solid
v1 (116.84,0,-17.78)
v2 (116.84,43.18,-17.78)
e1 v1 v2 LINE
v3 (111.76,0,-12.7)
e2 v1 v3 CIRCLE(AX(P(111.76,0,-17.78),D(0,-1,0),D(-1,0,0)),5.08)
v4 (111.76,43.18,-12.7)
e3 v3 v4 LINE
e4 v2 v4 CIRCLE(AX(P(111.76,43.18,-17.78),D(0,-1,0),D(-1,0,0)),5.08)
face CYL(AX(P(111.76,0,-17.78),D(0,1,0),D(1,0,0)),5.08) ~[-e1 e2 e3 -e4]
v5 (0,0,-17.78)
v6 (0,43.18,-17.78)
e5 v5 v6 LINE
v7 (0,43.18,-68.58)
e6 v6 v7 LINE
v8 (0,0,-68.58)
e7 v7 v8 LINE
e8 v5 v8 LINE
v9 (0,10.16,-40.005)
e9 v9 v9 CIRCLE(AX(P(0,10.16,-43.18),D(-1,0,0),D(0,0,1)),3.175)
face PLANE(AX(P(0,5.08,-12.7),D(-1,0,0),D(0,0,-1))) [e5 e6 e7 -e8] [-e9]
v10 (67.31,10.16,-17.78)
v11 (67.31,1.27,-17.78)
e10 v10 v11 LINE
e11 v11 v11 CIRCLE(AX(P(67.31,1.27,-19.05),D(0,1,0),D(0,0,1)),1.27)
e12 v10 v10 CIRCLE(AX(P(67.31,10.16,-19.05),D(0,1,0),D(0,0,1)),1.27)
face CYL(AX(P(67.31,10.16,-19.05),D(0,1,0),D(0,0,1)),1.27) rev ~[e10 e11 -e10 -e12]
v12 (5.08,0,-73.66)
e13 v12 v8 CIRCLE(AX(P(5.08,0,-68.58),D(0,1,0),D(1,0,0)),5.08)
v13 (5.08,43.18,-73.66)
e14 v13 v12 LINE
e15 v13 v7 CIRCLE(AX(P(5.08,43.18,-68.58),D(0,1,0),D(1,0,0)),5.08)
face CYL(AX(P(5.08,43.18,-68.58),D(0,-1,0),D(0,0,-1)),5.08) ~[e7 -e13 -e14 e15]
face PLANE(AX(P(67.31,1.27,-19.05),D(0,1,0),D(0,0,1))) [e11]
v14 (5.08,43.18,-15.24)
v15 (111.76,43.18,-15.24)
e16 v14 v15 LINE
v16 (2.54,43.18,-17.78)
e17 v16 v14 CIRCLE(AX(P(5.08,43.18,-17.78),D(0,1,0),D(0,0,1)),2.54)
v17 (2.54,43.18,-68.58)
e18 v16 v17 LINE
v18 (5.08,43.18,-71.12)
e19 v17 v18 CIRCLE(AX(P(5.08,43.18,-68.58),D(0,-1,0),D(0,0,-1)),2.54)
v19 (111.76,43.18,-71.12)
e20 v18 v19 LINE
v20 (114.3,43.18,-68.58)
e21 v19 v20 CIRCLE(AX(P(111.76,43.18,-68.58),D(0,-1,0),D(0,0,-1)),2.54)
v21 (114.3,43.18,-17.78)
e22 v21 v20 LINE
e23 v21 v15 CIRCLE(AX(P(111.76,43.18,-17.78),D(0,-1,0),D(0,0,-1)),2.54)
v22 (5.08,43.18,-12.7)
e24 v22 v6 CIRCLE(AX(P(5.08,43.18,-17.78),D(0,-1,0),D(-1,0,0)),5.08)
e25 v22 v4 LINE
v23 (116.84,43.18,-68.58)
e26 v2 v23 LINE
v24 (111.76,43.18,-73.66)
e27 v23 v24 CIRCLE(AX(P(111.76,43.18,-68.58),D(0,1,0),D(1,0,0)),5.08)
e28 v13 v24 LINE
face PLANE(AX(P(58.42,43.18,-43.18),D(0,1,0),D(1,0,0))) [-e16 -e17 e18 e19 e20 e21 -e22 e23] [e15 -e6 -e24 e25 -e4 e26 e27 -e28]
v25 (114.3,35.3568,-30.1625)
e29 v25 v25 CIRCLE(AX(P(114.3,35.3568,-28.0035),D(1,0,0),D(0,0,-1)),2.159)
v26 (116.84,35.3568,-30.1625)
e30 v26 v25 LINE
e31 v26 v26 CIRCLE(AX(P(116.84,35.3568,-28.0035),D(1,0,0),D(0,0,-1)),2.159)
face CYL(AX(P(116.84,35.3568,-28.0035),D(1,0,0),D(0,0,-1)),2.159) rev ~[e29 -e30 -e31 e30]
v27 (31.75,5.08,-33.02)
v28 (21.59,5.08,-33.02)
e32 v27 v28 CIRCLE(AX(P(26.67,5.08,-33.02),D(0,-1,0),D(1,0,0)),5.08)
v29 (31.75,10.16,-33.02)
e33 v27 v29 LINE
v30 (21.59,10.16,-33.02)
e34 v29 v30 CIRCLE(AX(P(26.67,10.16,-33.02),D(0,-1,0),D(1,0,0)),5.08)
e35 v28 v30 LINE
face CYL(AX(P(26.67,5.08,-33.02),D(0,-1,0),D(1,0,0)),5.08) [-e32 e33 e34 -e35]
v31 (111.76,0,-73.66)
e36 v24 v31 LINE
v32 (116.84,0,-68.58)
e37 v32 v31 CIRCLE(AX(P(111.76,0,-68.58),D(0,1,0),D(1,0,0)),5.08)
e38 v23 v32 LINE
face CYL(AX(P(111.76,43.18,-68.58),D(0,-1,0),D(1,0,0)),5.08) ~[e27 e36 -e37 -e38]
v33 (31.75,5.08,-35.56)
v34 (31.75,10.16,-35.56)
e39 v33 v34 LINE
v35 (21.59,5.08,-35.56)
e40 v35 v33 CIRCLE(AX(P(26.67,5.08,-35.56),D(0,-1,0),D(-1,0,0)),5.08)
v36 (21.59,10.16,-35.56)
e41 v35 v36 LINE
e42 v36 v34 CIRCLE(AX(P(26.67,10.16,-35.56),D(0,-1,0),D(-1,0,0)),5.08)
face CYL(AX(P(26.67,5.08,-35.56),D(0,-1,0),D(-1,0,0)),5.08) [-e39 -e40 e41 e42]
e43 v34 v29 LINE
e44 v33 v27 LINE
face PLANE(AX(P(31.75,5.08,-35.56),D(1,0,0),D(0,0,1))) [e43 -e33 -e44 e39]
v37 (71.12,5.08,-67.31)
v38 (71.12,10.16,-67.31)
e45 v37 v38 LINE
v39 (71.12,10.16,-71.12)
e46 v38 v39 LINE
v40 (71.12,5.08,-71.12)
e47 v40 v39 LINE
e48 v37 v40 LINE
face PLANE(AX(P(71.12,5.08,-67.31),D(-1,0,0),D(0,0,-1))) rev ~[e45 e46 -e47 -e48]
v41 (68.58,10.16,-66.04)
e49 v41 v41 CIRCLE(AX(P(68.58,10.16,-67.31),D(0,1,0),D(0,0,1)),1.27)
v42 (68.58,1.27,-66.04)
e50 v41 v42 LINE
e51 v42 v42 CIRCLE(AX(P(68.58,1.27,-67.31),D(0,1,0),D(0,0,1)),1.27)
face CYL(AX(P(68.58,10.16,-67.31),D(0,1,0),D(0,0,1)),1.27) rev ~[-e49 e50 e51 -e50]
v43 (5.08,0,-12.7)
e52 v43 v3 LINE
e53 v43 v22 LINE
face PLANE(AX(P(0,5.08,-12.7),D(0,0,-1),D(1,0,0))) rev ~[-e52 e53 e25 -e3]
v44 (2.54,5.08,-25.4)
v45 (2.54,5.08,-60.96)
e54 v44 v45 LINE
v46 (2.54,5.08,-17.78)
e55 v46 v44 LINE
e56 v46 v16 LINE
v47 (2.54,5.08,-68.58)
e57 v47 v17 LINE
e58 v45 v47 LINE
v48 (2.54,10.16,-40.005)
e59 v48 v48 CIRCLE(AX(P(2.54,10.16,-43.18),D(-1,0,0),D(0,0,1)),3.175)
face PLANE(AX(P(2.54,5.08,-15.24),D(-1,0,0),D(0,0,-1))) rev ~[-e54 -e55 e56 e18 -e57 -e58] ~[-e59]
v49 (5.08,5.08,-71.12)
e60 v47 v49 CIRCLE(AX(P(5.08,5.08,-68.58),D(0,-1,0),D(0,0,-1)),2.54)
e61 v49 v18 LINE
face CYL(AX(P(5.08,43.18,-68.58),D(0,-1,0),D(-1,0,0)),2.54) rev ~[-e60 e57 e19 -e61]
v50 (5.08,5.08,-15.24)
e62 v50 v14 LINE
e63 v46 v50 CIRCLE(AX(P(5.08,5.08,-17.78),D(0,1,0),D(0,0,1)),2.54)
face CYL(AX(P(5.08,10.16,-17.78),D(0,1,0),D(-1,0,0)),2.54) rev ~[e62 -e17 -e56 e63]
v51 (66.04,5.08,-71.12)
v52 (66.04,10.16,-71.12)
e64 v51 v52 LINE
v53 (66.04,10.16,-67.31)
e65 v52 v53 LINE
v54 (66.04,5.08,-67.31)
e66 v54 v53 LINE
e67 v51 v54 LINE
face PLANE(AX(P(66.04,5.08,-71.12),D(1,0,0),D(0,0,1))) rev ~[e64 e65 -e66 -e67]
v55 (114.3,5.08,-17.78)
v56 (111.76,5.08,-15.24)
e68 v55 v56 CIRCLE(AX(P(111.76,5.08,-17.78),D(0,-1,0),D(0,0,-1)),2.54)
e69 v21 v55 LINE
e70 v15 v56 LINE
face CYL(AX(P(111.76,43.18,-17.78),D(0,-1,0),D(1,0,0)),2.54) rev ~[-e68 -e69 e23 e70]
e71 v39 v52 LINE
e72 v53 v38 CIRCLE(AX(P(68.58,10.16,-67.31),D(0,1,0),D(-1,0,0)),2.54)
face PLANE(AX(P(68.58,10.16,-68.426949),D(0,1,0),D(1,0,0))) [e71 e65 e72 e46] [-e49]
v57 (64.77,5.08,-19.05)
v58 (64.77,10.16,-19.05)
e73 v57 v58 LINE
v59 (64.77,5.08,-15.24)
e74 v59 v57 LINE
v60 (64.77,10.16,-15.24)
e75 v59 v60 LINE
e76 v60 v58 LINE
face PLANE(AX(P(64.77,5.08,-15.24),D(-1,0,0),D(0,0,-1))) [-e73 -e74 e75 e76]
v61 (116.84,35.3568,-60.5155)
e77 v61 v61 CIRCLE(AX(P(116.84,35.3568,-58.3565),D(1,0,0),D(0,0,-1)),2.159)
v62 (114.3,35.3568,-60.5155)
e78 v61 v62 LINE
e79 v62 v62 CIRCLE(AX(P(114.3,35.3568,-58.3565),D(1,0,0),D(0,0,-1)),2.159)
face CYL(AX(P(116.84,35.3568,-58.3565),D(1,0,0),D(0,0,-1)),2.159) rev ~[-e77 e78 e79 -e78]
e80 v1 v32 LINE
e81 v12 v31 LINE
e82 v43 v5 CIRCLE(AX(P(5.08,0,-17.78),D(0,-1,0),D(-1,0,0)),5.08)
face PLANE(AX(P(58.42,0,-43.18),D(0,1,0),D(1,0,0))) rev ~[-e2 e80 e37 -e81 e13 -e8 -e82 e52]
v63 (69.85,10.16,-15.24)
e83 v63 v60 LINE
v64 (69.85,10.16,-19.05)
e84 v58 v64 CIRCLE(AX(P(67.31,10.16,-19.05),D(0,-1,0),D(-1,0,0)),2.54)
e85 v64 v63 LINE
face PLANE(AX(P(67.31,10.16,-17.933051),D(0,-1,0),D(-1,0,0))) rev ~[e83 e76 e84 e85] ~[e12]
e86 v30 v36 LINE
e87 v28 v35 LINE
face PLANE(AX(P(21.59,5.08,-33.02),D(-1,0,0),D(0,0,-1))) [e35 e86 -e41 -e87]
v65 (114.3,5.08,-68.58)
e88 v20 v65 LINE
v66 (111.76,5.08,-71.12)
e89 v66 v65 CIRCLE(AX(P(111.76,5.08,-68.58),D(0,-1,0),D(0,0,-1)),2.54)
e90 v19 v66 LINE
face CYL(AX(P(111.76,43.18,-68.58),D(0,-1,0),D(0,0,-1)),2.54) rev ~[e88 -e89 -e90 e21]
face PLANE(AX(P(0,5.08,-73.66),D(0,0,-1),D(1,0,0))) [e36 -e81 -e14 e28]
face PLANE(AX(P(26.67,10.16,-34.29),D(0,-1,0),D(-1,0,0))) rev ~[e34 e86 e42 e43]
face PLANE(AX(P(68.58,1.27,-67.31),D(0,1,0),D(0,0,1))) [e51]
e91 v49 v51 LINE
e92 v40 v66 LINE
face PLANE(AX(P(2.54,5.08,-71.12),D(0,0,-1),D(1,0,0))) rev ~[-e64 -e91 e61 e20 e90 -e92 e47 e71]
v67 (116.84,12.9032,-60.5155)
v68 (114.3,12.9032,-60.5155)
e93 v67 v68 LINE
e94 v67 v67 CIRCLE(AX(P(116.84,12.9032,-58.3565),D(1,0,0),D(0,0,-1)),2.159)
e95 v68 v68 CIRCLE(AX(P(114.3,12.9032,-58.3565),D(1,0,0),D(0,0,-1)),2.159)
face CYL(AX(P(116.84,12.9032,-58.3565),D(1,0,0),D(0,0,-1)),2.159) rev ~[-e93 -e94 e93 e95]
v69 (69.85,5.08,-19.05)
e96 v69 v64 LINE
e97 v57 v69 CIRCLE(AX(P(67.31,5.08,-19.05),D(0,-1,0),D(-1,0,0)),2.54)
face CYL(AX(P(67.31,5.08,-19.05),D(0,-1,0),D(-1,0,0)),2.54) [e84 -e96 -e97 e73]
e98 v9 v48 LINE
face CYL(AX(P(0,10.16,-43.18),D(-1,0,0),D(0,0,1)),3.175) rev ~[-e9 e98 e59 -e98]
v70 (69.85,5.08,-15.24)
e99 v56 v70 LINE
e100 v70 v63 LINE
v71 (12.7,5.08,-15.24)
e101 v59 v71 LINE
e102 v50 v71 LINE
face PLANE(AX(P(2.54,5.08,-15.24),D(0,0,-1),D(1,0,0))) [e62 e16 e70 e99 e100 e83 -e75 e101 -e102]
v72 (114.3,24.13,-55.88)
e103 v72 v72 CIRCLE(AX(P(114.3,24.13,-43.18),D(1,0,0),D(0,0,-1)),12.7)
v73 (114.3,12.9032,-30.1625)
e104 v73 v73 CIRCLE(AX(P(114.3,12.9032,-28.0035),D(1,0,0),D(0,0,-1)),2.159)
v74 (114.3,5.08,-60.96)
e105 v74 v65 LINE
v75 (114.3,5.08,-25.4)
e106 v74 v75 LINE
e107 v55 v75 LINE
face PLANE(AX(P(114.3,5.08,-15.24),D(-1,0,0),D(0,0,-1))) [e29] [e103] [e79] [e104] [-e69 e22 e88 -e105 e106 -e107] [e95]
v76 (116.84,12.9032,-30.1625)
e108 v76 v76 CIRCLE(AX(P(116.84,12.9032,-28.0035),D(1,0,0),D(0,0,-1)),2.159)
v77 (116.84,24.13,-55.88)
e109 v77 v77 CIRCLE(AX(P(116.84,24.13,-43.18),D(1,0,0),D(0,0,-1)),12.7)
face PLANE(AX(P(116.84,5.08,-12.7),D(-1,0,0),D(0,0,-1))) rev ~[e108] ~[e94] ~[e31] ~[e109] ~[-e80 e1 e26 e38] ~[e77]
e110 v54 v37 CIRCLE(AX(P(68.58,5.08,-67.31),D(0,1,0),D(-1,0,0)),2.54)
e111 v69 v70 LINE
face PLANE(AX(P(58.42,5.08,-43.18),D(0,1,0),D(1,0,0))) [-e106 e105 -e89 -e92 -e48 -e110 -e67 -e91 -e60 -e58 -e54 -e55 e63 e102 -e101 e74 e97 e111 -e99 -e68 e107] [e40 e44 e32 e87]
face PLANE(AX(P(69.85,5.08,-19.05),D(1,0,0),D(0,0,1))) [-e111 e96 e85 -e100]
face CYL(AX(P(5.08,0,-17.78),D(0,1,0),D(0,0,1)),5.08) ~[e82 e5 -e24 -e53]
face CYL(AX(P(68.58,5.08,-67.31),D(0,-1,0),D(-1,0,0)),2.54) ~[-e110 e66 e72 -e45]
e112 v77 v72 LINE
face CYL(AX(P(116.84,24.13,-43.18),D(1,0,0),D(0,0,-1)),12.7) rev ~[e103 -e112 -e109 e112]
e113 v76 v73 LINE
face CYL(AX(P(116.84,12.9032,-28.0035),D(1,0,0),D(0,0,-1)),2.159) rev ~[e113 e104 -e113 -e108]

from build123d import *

# Parameters (mm, degrees)
SKETCH1_W            = 116.84
SKETCH1_H            = 86.36
BOSS_EXTRUDE2_DEPTH  = 5.08
FILLET1_R            = 12.7
SKETCH3_W            = 116.84
SKETCH3_H            = 60.96
SKETCH3_W_2          = 111.76
SKETCH3_H_2          = 55.88
BOSS_EXTRUDE3_DEPTH  = 38.1
SKETCH4_W            = 10.16
SKETCH4_H            = 10.16
BOSS_EXTRUDE5_DEPTH  = 34.29
FILLET3_R            = 5.08
SKETCH5_R            = 1.27
CUT_EXTRUDE1_DEPTH   = 34.29
CUT_EXTRUDE2_START   = -5.08
SKETCH6_W            = 198.457473549
SKETCH6_H            = 149.814535244
SKETCH6_W_2          = 116.84
SKETCH6_H_2          = 60.96
CUT_EXTRUDE2_DEPTH   = 5.08
FILLET6_R            = 5.08
CUT_EXTRUDE3_REACH   = 146.713
SKETCH7_R            = 12.7
SKETCH7_R_2          = 2.159
CUT_EXTRUDE4_REACH   = 146.713
SKETCH8_R            = 3.175
BOSS_EXTRUDE9_DEPTH  = 5.08
SKETCH14_R           = 1.27
CUT_EXTRUDE6_DEPTH   = 8.89
SKETCH21_W           = 111.76
SKETCH21_H           = 55.88
CUT_EXTRUDE7_DEPTH   = 29.21
SKETCH22_W           = 20.924478465
SKETCH22_H           = 12.476012494
SKETCH22_W_2         = 15.618152649
SKETCH22_H_2         = 14.190033702
SKETCH22_W_3         = 16.110334819
SKETCH22_H_3         = 13.876033943
SKETCH22_W_4         = 12.045494613
CUT_EXTRUDE8_DEPTH   = 5.08
FILLET7_R            = 2.54
BOSS_EXTRUDE10_DEPTH = 5.08


with BuildPart() as part:
    # Sketch1 → Boss-Extrude2 (new body)
    with BuildSketch(Plane(origin=(0, 0, 0), x_dir=(1, 0, 0), z_dir=(0, 1, 0))):
        with Locations((58.42, 43.18)):
            Rectangle(SKETCH1_W, SKETCH1_H)
    extrude(amount=BOSS_EXTRUDE2_DEPTH)

    # Fillet1
    fillet1_edges = [part.edges().sort_by_distance(p)[0] for p in [
        (0, 2.54, -86.36),
        (116.84, 2.54, -86.36),
        (116.84, 2.54, 0),
        (0, 2.54, 0),
    ]]
    fillet(fillet1_edges, radius=FILLET1_R)

    # Sketch3 → Boss-Extrude3 (add)
    with BuildSketch(Plane(origin=(0, 5.08, 0), x_dir=(1, 0, 0), z_dir=(0, 1, 0))):
        with Locations((58.42, 43.18)):
            Rectangle(SKETCH3_W, SKETCH3_H)
        with Locations((58.42, 43.18)):
            Rectangle(SKETCH3_W_2, SKETCH3_H_2, mode=Mode.SUBTRACT)
    extrude(amount=BOSS_EXTRUDE3_DEPTH)

    # Sketch4 → Boss-Extrude5 (add)
    with BuildSketch(Plane(origin=(0, 5.08, 0), x_dir=(1, 0, 0), z_dir=(0, 1, 0))):
        with Locations((7.62, 66.04)):
            Rectangle(SKETCH4_W, SKETCH4_H)
        with Locations((109.22, 66.04)):
            Rectangle(SKETCH4_W, SKETCH4_H)
        with Locations((109.22, 20.32)):
            Rectangle(SKETCH4_W, SKETCH4_H)
        with Locations((7.62, 20.32)):
            Rectangle(SKETCH4_W, SKETCH4_H)
    extrude(amount=BOSS_EXTRUDE5_DEPTH)

    # Fillet3
    fillet3_edges = [part.edges().sort_by_distance(p)[0] for p in [
        (12.7, 22.225, -25.4),
        (12.7, 22.225, -60.96),
        (104.14, 22.225, -60.96),
        (104.14, 22.225, -25.4),
    ]]
    fillet(fillet3_edges, radius=FILLET3_R)

    # Sketch5 → Cut-Extrude1 (cut)
    with BuildSketch(Plane(origin=(0, 39.37, 0), x_dir=(1, 0, 0), z_dir=(0, 1, 0))):
        with Locations(Location((7.62, 66.04, 0), (0, 0, 270))):
            Circle(SKETCH5_R)
        with Locations(Location((109.22, 66.04, 0), (0, 0, 270))):
            Circle(SKETCH5_R)
        with Locations(Location((109.22, 20.32, 0), (0, 0, 270))):
            Circle(SKETCH5_R)
        with Locations(Location((7.62, 20.32, 0), (0, 0, 270))):
            Circle(SKETCH5_R)
    extrude(amount=-CUT_EXTRUDE1_DEPTH, mode=Mode.SUBTRACT)

    # Sketch6 → Cut-Extrude2 (cut)
    with BuildSketch(Plane(origin=(0, 5.08, 0), x_dir=(1, 0, 0), z_dir=(0, 1, 0)).offset(CUT_EXTRUDE2_START)):
        with Locations((67.603582621, 44.619641428)):
            Rectangle(SKETCH6_W, SKETCH6_H)
        with Locations((58.42, 43.18)):
            Rectangle(SKETCH6_W_2, SKETCH6_H_2, mode=Mode.SUBTRACT)
    extrude(amount=CUT_EXTRUDE2_DEPTH, mode=Mode.SUBTRACT)

    # Fillet6
    fillet6_edges = [part.edges().sort_by_distance(p)[0] for p in [
        (0, 21.59, -12.7),
        (0, 21.59, -73.66),
        (116.84, 21.59, -12.7),
        (116.84, 21.59, -73.66),
    ]]
    fillet(fillet6_edges, radius=FILLET6_R)

    # Sketch7 → Cut-Extrude3 (cut, up to next)
    with BuildSketch(Plane(origin=(116.84, 0, 0), x_dir=(0, 0, -1), z_dir=(1, 0, 0)), mode=Mode.PRIVATE) as cut_extrude3_sk1:
        with Locations((43.18, 24.13)):
            Circle(SKETCH7_R)
    cut_extrude3_tool1 = extrude(cut_extrude3_sk1.sketch, amount=-CUT_EXTRUDE3_REACH, mode=Mode.PRIVATE) & part.part
    # Sketch7 → Cut-Extrude3 (cut, up to next)
    with BuildSketch(Plane(origin=(116.84, 0, 0), x_dir=(0, 0, -1), z_dir=(1, 0, 0)), mode=Mode.PRIVATE) as cut_extrude3_sk2:
        with Locations((28.0035, 35.3568)):
            Circle(SKETCH7_R_2)
    cut_extrude3_tool2 = extrude(cut_extrude3_sk2.sketch, amount=-CUT_EXTRUDE3_REACH, mode=Mode.PRIVATE) & part.part
    # Sketch7 → Cut-Extrude3 (cut, up to next)
    with BuildSketch(Plane(origin=(116.84, 0, 0), x_dir=(0, 0, -1), z_dir=(1, 0, 0)), mode=Mode.PRIVATE) as cut_extrude3_sk3:
        with Locations((58.3565, 35.3568)):
            Circle(SKETCH7_R_2)
    cut_extrude3_tool3 = extrude(cut_extrude3_sk3.sketch, amount=-CUT_EXTRUDE3_REACH, mode=Mode.PRIVATE) & part.part
    # Sketch7 → Cut-Extrude3 (cut, up to next)
    with BuildSketch(Plane(origin=(116.84, 0, 0), x_dir=(0, 0, -1), z_dir=(1, 0, 0)), mode=Mode.PRIVATE) as cut_extrude3_sk4:
        with Locations((28.0035, 12.9032)):
            Circle(SKETCH7_R_2)
    cut_extrude3_tool4 = extrude(cut_extrude3_sk4.sketch, amount=-CUT_EXTRUDE3_REACH, mode=Mode.PRIVATE) & part.part
    # Sketch7 → Cut-Extrude3 (cut, up to next)
    with BuildSketch(Plane(origin=(116.84, 0, 0), x_dir=(0, 0, -1), z_dir=(1, 0, 0)), mode=Mode.PRIVATE) as cut_extrude3_sk5:
        with Locations((58.3565, 12.9032)):
            Circle(SKETCH7_R_2)
    cut_extrude3_tool5 = extrude(cut_extrude3_sk5.sketch, amount=-CUT_EXTRUDE3_REACH, mode=Mode.PRIVATE) & part.part
    add(cut_extrude3_tool1.solids().sort_by_distance((116.84, 24.13, -43.18))[0], mode=Mode.SUBTRACT)
    add(cut_extrude3_tool2.solids().sort_by_distance((116.84, 35.3568, -28.0035))[0], mode=Mode.SUBTRACT)
    add(cut_extrude3_tool3.solids().sort_by_distance((116.84, 35.3568, -58.3565))[0], mode=Mode.SUBTRACT)
    add(cut_extrude3_tool4.solids().sort_by_distance((116.84, 12.9032, -28.0035))[0], mode=Mode.SUBTRACT)
    add(cut_extrude3_tool5.solids().sort_by_distance((116.84, 12.9032, -58.3565))[0], mode=Mode.SUBTRACT)

    # Sketch8 → Cut-Extrude4 (cut, up to next)
    with BuildSketch(Plane.ZY, mode=Mode.PRIVATE) as cut_extrude4_sk1:
        with Locations((-43.18, 10.16)):
            Circle(SKETCH8_R)
    cut_extrude4_tool1 = extrude(cut_extrude4_sk1.sketch, amount=-CUT_EXTRUDE4_REACH, mode=Mode.PRIVATE) & part.part
    add(cut_extrude4_tool1.solids().sort_by_distance((0, 10.16, -43.18))[0], mode=Mode.SUBTRACT)

    # Sketch10 → Boss-Extrude9 (add)
    with BuildSketch(Plane(origin=(0, 5.08, 0), x_dir=(1, 0, 0), z_dir=(0, 1, 0))):
        with BuildLine():
            Line((69.85, 19.05), (69.85, 15.24))
            Line((69.85, 15.24), (64.77, 15.24))
            Line((64.77, 15.24), (64.77, 19.05))
            ThreePointArc((64.77, 19.05), (67.31, 21.59), (69.85, 19.05))
        make_face()
        with BuildLine():
            Line((71.12, 67.31), (71.12, 71.12))
            Line((71.12, 71.12), (66.04, 71.12))
            Line((66.04, 71.12), (66.04, 67.31))
            ThreePointArc((66.04, 67.31), (68.58, 64.77), (71.12, 67.31))
        make_face()
    extrude(amount=BOSS_EXTRUDE9_DEPTH)

    # Sketch14 → Cut-Extrude6 (cut)
    with BuildSketch(Plane(origin=(0, 10.16, 0), x_dir=(1, 0, 0), z_dir=(0, 1, 0))):
        with Locations(Location((67.31, 19.05, 0), (0, 0, 270))):
            Circle(SKETCH14_R)
        with Locations(Location((68.58, 67.31, 0), (0, 0, 270))):
            Circle(SKETCH14_R)
    extrude(amount=-CUT_EXTRUDE6_DEPTH, mode=Mode.SUBTRACT)

    # Sketch21 → Cut-Extrude7 (cut)
    with BuildSketch(Plane(origin=(0, 39.37, 0), x_dir=(1, 0, 0), z_dir=(0, 1, 0))):
        with Locations((58.42, 43.18)):
            Rectangle(SKETCH21_W, SKETCH21_H)
    extrude(amount=-CUT_EXTRUDE7_DEPTH, mode=Mode.SUBTRACT)

    # Sketch22 → Cut-Extrude8 (cut)
    with BuildSketch(Plane(origin=(0, 10.16, 0), x_dir=(1, 0, 0), z_dir=(0, 1, 0))):
        with Locations((103.837760768, 21.478006247)):
            Rectangle(SKETCH22_W, SKETCH22_H)
        with Locations((106.490923675, 64.024983149)):
            Rectangle(SKETCH22_W_2, SKETCH22_H_2)
        with Locations((10.59516741, 22.178016971)):
            Rectangle(SKETCH22_W_3, SKETCH22_H_3)
        with Locations((8.562747307, 64.024983149)):
            Rectangle(SKETCH22_W_4, SKETCH22_H_2)
    extrude(amount=-CUT_EXTRUDE8_DEPTH, mode=Mode.SUBTRACT)

    # Fillet7
    fillet7_edges = [part.edges().sort_by_distance(p)[0] for p in [
        (2.54, 24.13, -15.24),
        (114.3, 24.13, -15.24),
        (114.3, 24.13, -71.12),
        (2.54, 24.13, -71.12),
    ]]
    fillet(fillet7_edges, radius=FILLET7_R)

    # Sketch15 → Boss-Extrude10 (add)
    with BuildSketch(Plane(origin=(0, 5.08, 0), x_dir=(1, 0, 0), z_dir=(0, 1, 0))):
        with BuildLine():
            Line((21.59, 33.02), (21.59, 35.56))
            ThreePointArc((21.59, 35.56), (26.67, 40.64), (31.75, 35.56))
            Line((31.75, 35.56), (31.75, 33.02))
            ThreePointArc((31.75, 33.02), (26.67, 27.94), (21.59, 33.02))
        make_face()
    extrude(amount=BOSS_EXTRUDE10_DEPTH)


solid = part.part
